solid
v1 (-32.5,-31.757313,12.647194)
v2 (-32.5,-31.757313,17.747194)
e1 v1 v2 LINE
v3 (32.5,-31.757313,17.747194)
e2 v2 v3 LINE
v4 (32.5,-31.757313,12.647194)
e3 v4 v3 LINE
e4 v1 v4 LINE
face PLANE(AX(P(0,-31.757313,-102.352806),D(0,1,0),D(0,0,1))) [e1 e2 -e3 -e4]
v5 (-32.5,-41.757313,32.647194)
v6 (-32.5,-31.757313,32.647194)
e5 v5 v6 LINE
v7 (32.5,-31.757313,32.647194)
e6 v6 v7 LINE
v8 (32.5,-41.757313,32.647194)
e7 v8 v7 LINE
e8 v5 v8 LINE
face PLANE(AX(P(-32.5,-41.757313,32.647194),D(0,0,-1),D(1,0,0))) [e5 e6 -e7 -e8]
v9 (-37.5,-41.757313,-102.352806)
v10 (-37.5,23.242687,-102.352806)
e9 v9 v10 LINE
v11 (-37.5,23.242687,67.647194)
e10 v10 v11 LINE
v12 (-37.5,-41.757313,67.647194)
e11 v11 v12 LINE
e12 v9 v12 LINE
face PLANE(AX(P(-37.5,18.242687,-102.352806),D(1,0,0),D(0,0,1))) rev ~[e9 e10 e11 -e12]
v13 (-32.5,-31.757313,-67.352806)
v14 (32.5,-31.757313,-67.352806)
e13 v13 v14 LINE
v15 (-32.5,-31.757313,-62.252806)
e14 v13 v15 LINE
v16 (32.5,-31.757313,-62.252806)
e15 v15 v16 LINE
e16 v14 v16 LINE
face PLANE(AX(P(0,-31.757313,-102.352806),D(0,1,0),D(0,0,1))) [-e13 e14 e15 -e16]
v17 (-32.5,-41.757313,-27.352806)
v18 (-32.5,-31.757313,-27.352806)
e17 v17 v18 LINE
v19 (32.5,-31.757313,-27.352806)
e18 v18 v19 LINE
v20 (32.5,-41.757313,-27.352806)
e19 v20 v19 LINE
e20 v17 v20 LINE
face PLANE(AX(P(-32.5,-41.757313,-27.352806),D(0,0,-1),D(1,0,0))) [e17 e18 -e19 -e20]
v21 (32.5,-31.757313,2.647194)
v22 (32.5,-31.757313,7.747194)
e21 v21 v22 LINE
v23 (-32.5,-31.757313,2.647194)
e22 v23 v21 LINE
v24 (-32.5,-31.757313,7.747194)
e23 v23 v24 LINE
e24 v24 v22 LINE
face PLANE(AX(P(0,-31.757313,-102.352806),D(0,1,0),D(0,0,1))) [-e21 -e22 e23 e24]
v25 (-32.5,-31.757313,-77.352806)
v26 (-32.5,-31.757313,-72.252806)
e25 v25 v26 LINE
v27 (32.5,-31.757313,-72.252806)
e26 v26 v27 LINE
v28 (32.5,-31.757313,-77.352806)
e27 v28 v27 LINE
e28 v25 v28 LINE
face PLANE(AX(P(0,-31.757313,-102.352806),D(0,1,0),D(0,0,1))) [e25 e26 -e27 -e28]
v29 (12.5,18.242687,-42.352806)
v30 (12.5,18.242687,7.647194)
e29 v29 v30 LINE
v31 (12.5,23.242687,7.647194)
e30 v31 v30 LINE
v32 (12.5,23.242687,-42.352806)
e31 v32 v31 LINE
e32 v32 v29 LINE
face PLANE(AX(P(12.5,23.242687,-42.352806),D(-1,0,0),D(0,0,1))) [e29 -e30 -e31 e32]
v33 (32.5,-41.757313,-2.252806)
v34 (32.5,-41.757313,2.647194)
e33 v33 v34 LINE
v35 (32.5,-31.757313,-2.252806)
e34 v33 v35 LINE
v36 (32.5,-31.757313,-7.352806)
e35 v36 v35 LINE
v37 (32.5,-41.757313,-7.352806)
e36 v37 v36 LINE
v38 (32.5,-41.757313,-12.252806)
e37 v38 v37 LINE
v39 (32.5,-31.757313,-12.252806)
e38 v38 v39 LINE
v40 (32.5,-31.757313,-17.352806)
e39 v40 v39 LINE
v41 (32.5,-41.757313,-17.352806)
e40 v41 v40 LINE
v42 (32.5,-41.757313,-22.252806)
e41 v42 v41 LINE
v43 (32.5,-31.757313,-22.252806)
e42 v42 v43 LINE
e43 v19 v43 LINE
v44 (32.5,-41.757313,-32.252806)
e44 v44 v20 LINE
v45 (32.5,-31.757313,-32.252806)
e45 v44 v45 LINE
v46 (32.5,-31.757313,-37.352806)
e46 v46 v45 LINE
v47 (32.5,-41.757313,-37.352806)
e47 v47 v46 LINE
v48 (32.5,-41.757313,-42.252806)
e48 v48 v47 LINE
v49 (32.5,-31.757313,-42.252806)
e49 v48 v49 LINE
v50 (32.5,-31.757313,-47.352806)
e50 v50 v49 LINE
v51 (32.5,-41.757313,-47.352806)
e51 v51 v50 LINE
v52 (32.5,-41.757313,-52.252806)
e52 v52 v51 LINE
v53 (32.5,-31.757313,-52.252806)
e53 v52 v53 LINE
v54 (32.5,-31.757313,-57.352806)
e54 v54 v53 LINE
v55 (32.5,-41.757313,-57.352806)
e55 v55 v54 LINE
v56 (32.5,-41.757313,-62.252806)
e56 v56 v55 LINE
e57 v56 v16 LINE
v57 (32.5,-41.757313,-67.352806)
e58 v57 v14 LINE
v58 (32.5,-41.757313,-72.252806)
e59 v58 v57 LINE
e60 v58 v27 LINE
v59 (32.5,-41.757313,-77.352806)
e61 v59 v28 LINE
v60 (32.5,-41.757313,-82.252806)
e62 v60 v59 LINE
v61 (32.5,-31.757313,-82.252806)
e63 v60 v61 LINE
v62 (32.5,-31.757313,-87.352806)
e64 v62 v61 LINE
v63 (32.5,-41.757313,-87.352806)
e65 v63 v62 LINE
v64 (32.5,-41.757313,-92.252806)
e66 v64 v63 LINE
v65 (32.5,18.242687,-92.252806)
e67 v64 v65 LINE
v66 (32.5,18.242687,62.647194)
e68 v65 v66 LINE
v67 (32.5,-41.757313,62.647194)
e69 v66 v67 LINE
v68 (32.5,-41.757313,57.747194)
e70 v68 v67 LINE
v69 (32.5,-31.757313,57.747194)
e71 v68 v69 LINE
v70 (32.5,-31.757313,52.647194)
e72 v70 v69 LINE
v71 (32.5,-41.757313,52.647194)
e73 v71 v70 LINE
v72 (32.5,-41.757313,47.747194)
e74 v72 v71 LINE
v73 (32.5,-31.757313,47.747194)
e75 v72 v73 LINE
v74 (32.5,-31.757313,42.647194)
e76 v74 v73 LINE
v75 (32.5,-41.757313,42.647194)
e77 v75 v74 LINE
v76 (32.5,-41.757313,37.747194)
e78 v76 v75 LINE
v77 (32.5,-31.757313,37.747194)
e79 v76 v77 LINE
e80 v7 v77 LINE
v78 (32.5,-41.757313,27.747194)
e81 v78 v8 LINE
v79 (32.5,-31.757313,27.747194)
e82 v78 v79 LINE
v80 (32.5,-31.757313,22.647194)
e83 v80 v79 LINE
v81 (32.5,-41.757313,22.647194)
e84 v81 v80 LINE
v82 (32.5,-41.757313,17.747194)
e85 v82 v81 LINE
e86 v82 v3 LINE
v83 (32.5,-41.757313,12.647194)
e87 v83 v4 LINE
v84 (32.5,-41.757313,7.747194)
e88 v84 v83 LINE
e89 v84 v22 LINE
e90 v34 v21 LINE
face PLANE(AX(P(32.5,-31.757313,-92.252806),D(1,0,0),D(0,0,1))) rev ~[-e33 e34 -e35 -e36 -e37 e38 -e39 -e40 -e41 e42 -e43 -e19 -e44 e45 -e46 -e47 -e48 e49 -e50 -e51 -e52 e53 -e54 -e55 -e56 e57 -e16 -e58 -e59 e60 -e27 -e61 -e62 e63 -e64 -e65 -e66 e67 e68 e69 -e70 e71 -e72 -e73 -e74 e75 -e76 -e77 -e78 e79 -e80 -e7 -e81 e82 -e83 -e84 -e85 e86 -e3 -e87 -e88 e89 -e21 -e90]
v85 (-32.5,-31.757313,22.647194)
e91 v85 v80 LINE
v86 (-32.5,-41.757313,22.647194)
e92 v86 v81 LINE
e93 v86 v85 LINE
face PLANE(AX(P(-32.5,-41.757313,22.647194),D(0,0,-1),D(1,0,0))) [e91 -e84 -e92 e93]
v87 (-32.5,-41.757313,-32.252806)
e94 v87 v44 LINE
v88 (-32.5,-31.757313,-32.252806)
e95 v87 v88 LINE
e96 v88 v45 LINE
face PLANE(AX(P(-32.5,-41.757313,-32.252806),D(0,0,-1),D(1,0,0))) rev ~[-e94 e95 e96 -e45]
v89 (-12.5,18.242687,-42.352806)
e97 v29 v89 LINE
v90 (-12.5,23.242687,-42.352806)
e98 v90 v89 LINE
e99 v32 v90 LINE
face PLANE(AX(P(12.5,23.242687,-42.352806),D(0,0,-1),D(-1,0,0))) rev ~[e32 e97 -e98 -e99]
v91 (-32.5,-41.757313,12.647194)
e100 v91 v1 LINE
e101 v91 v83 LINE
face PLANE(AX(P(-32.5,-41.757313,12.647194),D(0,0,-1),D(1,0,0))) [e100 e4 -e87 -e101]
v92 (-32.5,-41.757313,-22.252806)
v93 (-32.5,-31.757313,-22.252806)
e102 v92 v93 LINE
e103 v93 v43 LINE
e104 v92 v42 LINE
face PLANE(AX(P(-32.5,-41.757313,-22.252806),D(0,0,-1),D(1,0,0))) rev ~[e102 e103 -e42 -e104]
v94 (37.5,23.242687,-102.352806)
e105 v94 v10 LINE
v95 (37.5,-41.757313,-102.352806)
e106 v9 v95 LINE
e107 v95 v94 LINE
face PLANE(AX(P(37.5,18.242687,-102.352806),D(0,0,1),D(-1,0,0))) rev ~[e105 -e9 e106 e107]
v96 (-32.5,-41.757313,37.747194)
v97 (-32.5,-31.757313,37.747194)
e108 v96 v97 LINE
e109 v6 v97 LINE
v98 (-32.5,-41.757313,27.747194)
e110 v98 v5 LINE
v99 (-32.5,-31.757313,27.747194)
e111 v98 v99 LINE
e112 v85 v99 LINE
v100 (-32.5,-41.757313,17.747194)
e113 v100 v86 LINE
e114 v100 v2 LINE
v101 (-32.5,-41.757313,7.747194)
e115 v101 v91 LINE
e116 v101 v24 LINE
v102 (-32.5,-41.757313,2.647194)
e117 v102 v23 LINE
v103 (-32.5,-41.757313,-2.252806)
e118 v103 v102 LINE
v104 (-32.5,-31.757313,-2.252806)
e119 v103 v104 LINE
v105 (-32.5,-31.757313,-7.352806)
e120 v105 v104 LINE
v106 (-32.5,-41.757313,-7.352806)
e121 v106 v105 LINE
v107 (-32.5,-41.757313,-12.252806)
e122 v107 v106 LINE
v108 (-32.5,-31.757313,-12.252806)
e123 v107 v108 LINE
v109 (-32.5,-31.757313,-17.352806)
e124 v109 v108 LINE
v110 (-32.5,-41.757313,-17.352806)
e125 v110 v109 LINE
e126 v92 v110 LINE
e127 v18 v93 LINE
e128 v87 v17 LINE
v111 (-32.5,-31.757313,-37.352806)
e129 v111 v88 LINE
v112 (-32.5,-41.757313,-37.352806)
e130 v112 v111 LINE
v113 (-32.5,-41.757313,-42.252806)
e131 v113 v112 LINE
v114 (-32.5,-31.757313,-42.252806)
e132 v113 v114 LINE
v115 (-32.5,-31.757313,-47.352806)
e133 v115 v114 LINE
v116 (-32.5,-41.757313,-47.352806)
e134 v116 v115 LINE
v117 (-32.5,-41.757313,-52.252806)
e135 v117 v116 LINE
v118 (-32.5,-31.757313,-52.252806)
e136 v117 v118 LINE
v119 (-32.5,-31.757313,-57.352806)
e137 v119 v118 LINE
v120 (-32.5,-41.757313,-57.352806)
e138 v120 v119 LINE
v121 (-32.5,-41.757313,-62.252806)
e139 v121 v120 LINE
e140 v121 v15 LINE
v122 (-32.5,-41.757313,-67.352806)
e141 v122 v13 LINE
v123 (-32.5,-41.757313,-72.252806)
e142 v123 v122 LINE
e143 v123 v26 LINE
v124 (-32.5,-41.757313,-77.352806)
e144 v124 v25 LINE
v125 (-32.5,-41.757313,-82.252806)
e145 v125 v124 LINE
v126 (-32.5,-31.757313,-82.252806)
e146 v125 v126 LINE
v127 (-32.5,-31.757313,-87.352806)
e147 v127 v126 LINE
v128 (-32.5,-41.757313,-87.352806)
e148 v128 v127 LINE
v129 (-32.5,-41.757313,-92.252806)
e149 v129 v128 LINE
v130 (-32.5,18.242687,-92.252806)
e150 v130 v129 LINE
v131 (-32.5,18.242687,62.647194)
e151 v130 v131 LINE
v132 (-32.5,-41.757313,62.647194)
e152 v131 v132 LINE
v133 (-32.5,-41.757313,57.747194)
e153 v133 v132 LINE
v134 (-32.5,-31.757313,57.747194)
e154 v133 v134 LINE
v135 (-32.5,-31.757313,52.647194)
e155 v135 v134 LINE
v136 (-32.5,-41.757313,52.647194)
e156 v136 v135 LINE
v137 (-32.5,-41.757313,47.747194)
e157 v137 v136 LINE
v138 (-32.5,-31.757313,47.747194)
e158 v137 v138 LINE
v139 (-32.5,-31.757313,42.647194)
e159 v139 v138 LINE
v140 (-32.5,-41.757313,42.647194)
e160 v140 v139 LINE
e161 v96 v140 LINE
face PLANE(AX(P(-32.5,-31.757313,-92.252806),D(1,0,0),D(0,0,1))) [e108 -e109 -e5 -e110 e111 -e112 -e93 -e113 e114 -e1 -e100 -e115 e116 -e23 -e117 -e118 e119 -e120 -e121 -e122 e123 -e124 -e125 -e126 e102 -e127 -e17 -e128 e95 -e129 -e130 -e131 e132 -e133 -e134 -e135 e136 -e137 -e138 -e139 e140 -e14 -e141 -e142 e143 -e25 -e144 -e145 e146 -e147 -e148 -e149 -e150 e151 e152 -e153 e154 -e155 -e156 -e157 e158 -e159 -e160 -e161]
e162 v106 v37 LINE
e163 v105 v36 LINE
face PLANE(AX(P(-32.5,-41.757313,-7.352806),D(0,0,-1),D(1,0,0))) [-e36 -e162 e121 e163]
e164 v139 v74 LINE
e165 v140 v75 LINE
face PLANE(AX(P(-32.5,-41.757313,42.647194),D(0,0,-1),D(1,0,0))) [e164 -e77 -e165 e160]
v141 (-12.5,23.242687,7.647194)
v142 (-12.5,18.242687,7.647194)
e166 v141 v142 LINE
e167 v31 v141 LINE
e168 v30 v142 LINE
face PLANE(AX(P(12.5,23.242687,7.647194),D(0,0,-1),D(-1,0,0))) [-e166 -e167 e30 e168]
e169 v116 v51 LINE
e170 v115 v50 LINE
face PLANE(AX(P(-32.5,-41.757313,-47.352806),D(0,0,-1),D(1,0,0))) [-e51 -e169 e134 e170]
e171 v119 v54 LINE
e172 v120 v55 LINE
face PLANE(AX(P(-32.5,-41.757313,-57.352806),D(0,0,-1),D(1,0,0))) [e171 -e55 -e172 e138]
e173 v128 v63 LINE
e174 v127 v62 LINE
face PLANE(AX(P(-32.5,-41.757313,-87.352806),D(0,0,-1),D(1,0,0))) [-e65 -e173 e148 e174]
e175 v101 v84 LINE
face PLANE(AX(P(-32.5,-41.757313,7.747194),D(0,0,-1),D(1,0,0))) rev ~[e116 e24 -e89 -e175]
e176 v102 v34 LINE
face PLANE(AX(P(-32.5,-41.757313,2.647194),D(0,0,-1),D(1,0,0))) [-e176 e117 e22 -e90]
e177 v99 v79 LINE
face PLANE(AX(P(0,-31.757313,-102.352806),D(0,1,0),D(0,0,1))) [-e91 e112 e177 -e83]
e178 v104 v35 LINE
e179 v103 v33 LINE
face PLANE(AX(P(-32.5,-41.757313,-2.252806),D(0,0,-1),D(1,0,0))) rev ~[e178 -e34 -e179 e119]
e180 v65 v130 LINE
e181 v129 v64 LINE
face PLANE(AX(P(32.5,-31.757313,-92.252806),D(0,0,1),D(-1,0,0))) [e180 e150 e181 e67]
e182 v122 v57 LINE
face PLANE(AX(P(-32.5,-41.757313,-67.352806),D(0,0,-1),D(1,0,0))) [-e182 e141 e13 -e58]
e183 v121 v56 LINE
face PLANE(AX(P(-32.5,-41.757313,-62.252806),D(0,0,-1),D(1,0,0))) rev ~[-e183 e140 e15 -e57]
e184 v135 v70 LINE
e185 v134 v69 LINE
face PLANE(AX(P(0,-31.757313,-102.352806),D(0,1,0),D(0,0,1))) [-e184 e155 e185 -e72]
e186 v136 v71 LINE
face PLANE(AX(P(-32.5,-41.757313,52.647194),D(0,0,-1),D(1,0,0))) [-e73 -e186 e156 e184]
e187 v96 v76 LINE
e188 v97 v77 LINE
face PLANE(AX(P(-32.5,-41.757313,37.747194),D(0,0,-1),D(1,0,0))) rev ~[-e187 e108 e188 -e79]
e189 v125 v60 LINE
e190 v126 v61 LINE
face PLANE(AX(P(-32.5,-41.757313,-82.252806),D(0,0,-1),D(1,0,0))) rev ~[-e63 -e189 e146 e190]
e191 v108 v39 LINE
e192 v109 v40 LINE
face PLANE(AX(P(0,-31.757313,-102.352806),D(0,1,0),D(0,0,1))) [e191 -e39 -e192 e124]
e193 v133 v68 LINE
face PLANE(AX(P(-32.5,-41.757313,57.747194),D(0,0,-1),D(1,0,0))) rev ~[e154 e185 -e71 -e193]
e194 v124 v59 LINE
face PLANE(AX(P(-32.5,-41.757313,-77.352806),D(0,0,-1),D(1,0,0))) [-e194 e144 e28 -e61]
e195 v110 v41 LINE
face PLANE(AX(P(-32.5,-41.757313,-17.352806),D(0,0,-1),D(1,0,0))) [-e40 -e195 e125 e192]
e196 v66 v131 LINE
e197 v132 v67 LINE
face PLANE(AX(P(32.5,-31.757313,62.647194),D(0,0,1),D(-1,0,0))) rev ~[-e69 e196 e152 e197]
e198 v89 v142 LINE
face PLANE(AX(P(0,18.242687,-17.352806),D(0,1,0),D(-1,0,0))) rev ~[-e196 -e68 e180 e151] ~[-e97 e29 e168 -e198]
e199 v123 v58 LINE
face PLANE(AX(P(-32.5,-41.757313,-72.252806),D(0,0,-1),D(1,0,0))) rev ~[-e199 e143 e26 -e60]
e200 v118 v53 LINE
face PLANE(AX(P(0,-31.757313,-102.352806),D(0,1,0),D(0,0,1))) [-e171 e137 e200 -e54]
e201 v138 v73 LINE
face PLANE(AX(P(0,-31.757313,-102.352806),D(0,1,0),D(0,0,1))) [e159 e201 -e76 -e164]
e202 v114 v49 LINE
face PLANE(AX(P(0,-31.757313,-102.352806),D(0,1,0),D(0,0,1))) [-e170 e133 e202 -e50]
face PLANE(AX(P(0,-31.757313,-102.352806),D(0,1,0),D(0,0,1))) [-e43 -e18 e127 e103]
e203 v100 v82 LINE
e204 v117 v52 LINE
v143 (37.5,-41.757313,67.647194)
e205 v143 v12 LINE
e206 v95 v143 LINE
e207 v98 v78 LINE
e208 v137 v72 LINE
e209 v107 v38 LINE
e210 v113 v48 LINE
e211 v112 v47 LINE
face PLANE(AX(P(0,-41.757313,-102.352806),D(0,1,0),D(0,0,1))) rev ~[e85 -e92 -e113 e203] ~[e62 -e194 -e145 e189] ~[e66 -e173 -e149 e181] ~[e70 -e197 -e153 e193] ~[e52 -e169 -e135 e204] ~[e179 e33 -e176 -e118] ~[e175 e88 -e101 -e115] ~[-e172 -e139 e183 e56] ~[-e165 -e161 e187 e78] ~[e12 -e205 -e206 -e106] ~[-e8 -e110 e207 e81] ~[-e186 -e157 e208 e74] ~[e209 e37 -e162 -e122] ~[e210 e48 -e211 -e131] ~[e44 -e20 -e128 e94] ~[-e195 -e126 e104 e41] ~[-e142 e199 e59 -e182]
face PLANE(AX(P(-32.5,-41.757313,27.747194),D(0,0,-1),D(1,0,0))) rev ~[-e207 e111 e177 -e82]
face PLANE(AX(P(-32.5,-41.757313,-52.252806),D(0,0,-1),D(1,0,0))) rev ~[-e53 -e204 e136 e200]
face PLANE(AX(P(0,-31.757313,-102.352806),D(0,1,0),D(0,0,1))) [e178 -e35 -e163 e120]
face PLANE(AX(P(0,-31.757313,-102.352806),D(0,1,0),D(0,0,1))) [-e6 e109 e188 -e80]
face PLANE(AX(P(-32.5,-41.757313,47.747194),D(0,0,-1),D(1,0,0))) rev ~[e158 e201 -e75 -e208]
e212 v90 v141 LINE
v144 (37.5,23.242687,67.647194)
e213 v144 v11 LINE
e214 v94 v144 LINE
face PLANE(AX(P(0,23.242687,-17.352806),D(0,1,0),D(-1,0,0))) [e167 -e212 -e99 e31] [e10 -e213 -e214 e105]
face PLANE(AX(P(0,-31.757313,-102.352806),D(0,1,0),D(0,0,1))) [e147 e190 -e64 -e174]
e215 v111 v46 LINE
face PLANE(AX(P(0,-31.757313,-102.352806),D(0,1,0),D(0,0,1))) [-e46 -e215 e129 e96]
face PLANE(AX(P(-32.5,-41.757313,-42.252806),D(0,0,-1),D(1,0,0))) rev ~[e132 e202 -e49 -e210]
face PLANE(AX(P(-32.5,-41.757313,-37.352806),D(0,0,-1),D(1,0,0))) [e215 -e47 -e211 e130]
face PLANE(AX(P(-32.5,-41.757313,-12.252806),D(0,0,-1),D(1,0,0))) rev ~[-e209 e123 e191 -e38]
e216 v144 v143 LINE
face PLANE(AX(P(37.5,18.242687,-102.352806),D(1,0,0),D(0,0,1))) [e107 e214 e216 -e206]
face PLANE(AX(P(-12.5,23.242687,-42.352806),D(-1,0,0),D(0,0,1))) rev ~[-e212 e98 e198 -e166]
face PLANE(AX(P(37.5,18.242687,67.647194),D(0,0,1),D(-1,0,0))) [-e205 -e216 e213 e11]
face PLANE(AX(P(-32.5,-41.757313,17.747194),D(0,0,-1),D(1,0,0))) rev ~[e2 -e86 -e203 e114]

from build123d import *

# Parameters (mm, degrees)
F0_W     = 10
F0_H     = 170
F1_DEPTH = 37.5
F2_W     = 65
F2_H     = 4.9
F3_DEPTH = 10
F4_W     = 75
F4_H     = 170
F4_W_2   = 65
F4_H_2   = 154.9
F5_DEPTH = 50
F6_W     = 75
F6_H     = 170
F7_DEPTH = 5
F8_W     = 25
F8_H     = 50
F9_DEPTH = 5


with BuildPart() as f1:
    # F0 (on Right) → F1 (new body, symmetric)
    with BuildSketch(Plane.YZ):
        with Locations((-36.757313, -17.352806)):
            Rectangle(F0_W, F0_H)
    extrude(amount=F1_DEPTH, both=True)

    # F2 (on face) → F3 (cut, through all)
    with BuildSketch(Plane.XZ.offset(41.757313)):
        with Locations((0, 60.197194)):
            Rectangle(F2_W, F2_H)
        with Locations((0, 50.197194)):
            Rectangle(F2_W, F2_H)
        with Locations((0, 40.197194)):
            Rectangle(F2_W, F2_H)
        with Locations((0, 30.197194)):
            Rectangle(F2_W, F2_H)
        with Locations((0, 20.197194)):
            Rectangle(F2_W, F2_H)
        with Locations((0, 10.197194)):
            Rectangle(F2_W, F2_H)
        with Locations((0, 0.197194)):
            Rectangle(F2_W, F2_H)
        with Locations((0, -9.802806)):
            Rectangle(F2_W, F2_H)
        with Locations((0, -19.802806)):
            Rectangle(F2_W, F2_H)
        with Locations((0, -29.802806)):
            Rectangle(F2_W, F2_H)
        with Locations((0, -39.802806)):
            Rectangle(F2_W, F2_H)
        with Locations((0, -49.802806)):
            Rectangle(F2_W, F2_H)
        with Locations((0, -59.802806)):
            Rectangle(F2_W, F2_H)
        with Locations((0, -69.802806)):
            Rectangle(F2_W, F2_H)
        with Locations((0, -79.802806)):
            Rectangle(F2_W, F2_H)
        with Locations((0, -89.802806)):
            Rectangle(F2_W, F2_H)
    extrude(amount=-F3_DEPTH, mode=Mode.SUBTRACT)

    # F4 (on face) → F5 (join)
    with BuildSketch(Plane(origin=(0, -31.757313, 0), x_dir=(-1, 0, 0), z_dir=(0, 1, 0))):
        with Locations((0, -17.352806)):
            Rectangle(F4_W, F4_H)
        with Locations((0, -14.802806)):
            Rectangle(F4_W_2, F4_H_2, mode=Mode.SUBTRACT)
    extrude(amount=F5_DEPTH)

    # F6 (on face) → F7 (join)
    with BuildSketch(Plane(origin=(0, 18.242687, 0), x_dir=(-1, 0, 0), z_dir=(0, 1, 0))):
        with Locations((0, -17.352806)):
            Rectangle(F6_W, F6_H)
    extrude(amount=F7_DEPTH)

    # F8 (on face) → F9 (cut, through all)
    with BuildSketch(Plane(origin=(0, 23.242687, 0), x_dir=(-1, 0, 0), z_dir=(0, 1, 0))):
        with Locations((0, -17.352806)):
            Rectangle(F8_W, F8_H)
    extrude(amount=-F9_DEPTH, mode=Mode.SUBTRACT)


solid = f1.part
